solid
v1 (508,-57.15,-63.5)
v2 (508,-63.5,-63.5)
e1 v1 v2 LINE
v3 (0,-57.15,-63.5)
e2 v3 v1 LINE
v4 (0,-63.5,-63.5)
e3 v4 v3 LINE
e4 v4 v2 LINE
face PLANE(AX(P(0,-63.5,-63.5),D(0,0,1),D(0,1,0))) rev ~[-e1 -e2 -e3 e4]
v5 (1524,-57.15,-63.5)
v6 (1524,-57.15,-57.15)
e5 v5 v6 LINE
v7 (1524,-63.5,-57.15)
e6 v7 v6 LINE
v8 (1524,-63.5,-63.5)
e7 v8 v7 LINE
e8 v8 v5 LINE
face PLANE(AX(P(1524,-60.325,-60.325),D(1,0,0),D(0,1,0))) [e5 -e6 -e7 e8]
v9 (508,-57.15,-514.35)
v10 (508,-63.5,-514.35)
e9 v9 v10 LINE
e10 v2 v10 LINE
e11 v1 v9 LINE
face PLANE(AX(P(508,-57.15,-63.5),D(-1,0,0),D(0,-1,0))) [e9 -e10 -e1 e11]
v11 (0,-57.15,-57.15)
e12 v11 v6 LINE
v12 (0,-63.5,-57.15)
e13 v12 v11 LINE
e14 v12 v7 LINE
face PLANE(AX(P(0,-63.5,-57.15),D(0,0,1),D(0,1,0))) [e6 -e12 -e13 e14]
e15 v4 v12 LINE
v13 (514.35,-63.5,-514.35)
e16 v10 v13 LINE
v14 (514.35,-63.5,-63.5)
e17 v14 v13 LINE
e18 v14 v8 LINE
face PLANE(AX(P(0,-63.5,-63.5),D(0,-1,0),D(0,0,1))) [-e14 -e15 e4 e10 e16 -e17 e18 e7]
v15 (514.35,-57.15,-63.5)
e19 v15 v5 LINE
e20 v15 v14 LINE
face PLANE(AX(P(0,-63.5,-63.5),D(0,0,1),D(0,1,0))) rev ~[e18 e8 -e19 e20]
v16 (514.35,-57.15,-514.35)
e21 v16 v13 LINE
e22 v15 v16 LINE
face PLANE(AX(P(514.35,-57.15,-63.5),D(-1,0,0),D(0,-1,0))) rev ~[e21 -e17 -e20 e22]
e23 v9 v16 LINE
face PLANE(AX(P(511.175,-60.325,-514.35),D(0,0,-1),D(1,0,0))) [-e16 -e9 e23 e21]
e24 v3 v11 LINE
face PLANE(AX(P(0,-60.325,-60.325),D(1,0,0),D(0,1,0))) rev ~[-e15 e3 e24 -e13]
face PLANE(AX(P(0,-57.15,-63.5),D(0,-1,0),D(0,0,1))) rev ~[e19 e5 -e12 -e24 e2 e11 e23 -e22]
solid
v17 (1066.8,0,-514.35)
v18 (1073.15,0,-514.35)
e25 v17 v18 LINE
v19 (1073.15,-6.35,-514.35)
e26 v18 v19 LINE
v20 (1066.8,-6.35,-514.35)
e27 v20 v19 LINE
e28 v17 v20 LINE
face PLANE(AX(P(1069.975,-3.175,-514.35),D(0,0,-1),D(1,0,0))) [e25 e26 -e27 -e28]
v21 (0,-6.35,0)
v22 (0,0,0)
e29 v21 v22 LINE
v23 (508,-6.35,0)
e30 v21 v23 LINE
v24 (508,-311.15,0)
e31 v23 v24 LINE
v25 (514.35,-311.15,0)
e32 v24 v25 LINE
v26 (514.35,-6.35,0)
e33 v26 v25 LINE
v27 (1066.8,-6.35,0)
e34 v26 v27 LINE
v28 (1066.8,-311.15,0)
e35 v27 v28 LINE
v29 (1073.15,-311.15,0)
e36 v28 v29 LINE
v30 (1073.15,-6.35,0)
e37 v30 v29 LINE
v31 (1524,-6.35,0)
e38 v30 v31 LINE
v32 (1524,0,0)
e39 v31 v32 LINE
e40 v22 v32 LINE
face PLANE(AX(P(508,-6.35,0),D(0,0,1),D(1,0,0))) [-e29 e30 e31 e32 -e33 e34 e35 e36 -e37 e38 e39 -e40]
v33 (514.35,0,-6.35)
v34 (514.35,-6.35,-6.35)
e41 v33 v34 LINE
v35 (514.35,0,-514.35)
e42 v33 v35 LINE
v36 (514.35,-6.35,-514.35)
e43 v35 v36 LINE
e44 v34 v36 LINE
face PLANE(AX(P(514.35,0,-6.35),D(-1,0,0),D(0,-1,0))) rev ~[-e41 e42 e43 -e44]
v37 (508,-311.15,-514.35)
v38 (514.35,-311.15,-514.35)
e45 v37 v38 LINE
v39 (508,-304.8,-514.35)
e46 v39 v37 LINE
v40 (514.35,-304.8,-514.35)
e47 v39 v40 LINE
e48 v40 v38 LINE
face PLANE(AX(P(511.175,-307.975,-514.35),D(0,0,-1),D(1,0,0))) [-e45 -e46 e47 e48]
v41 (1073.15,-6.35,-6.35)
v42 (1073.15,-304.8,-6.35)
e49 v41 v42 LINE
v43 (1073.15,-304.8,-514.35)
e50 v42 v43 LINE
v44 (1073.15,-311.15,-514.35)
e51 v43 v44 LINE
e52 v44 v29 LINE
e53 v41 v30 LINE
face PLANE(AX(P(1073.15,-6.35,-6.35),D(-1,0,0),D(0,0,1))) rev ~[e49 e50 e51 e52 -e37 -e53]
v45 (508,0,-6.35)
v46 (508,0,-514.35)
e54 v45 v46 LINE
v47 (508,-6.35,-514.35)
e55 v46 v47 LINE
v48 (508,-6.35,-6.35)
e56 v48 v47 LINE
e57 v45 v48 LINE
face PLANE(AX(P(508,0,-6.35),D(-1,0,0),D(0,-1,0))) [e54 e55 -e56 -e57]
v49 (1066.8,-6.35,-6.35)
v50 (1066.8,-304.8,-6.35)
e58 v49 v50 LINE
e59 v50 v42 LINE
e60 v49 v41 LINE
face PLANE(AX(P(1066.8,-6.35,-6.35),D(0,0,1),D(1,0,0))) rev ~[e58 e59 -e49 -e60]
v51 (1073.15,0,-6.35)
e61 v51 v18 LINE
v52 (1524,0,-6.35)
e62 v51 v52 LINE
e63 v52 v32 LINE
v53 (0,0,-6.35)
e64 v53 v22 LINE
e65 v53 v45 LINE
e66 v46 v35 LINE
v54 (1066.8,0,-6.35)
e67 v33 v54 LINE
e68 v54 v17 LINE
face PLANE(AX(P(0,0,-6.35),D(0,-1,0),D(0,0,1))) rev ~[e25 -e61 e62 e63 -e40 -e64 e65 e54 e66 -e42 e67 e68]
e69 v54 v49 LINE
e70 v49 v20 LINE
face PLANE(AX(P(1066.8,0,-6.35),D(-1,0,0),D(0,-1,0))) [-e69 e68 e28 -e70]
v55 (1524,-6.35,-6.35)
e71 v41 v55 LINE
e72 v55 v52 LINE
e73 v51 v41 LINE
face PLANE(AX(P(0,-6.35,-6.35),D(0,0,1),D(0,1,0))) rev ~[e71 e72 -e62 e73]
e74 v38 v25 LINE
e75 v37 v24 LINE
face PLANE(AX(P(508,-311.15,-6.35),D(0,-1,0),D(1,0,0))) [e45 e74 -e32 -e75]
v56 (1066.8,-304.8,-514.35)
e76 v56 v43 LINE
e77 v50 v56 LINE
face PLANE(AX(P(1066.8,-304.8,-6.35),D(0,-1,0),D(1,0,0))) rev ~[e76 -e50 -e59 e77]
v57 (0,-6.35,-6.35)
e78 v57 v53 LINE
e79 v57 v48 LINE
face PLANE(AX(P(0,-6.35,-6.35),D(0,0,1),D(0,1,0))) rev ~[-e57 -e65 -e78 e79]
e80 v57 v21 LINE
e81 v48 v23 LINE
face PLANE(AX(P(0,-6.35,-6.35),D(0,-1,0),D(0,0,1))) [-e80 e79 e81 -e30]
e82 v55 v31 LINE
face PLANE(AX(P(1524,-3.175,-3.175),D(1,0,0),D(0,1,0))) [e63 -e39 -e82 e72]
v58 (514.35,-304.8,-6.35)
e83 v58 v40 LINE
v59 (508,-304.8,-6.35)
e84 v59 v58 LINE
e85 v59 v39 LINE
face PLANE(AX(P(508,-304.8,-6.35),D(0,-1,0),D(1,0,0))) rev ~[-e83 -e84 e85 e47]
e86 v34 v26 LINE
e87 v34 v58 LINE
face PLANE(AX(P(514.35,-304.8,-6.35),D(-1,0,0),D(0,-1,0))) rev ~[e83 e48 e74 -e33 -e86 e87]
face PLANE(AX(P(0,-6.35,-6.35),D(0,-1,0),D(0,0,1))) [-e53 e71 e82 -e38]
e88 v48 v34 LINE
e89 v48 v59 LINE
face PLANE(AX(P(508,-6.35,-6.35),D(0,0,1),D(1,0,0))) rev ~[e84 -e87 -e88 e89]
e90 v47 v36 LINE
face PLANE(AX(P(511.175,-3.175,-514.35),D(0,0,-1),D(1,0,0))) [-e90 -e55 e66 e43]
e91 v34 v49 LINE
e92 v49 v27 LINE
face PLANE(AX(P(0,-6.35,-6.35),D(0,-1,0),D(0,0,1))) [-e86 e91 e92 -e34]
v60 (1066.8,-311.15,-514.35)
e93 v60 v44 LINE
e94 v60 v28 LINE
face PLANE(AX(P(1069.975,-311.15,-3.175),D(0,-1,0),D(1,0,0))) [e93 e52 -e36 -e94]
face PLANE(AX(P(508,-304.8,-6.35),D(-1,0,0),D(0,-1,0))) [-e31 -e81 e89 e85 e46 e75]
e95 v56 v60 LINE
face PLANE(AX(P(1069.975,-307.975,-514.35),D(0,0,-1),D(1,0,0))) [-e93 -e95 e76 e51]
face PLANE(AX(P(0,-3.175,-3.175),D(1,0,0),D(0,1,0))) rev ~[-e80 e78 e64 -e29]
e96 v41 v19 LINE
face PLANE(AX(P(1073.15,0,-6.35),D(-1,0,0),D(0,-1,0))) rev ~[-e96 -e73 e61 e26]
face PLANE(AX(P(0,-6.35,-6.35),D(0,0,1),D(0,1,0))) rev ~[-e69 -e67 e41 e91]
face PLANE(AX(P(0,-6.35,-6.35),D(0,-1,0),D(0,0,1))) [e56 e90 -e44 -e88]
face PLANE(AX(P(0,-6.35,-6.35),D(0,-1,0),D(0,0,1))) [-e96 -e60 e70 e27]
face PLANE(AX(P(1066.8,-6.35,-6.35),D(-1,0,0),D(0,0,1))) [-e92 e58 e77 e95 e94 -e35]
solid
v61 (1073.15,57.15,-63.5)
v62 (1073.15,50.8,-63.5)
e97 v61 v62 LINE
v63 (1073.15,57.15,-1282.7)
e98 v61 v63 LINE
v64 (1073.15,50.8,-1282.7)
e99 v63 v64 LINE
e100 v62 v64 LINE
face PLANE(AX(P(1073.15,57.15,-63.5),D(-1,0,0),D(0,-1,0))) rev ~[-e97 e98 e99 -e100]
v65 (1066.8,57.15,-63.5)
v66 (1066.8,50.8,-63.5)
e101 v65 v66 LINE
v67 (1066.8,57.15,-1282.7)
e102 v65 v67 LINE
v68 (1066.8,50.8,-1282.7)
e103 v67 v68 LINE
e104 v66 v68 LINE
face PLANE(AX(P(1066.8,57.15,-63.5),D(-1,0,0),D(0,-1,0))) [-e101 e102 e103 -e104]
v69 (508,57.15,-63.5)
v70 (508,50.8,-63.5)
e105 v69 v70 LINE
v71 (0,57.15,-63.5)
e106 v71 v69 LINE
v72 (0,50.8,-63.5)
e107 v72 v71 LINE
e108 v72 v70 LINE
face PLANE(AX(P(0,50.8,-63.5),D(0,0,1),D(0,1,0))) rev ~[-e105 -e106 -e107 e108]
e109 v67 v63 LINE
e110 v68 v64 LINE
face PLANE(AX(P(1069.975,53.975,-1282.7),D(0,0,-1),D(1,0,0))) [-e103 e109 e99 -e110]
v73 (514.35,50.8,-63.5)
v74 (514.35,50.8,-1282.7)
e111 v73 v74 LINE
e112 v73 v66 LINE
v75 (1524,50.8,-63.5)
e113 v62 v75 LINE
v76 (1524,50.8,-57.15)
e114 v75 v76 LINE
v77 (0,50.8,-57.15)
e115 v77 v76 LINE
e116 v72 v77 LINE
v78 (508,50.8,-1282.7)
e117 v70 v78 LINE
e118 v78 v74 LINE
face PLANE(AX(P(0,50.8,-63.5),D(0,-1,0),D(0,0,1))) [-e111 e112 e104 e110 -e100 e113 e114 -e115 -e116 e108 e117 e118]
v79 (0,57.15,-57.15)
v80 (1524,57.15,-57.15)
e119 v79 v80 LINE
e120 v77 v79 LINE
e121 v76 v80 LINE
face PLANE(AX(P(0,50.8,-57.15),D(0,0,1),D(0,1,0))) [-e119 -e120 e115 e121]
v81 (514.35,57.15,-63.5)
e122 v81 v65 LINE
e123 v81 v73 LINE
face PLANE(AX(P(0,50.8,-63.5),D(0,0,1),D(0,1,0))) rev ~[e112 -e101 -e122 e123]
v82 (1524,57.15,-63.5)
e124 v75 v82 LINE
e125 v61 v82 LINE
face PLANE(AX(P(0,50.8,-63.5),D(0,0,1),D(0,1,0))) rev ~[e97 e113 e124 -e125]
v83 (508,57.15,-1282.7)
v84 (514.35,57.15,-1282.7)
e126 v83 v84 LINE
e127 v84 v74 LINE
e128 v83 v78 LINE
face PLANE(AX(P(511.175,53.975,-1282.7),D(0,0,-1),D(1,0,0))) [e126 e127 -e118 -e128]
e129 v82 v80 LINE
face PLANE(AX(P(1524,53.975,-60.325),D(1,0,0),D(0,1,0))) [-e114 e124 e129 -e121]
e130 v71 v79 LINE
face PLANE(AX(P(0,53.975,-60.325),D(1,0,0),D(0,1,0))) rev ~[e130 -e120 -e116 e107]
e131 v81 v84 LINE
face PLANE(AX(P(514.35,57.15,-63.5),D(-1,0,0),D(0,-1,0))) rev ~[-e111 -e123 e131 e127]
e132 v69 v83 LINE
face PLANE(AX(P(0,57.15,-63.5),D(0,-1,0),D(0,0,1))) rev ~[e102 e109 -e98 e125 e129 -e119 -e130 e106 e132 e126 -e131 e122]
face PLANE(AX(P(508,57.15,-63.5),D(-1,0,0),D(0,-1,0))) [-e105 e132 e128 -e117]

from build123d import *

# Parameters (mm, degrees)
F0_W      = 6.35
F0_H      = 6.35
F1_DEPTH  = 1524
F2_W      = 6.35
F2_H      = 6.35
F3_DEPTH  = 508
F4_W      = 6.35
F4_H      = 6.35
F5_DEPTH  = 304.8
F6_W      = 6.35
F6_H      = 6.35
F7_DEPTH  = 508
F8_W      = 6.35
F8_H      = 6.35
F9_DEPTH  = 1524
F10_W     = 6.35
F10_H     = 6.35
F11_DEPTH = 450.85
F12_W     = 6.35
F12_H     = 6.35
F13_DEPTH = 1524
F14_W     = 6.35
F14_H     = 6.35
F15_DEPTH = 1219.2


with BuildPart() as f1:
    # F0 (on Right) → F1 (new body)
    with BuildSketch(Plane.YZ):
        with Locations((-3.175, -3.175)):
            Rectangle(F0_W, F0_H)
    extrude(amount=F1_DEPTH)

    # F2 (on face) → F3 (join)
    with BuildSketch(Plane(origin=(0, 0, -6.35), x_dir=(1, 0, 0), z_dir=(0, 0, -1))):
        with Locations((511.175, 3.175)):
            Rectangle(F2_W, F2_H)
        with Locations((1069.975, 3.175)):
            Rectangle(F2_W, F2_H)
    extrude(amount=F3_DEPTH)

    # F4 (on face) → F5 (join)
    with BuildSketch(Plane.XZ.offset(6.35)):
        with Locations((511.175, -3.175)):
            Rectangle(F4_W, F4_H)
        with Locations((1069.975, -3.175)):
            Rectangle(F4_W, F4_H)
    extrude(amount=F5_DEPTH)

    # F6 (on face) → F7 (join, through all)
    with BuildSketch(Plane(origin=(0, 0, -6.35), x_dir=(1, 0, 0), z_dir=(0, 0, -1))):
        with Locations((511.175, 307.975)):
            Rectangle(F6_W, F6_H)
        with Locations((1069.975, 307.975)):
            Rectangle(F6_W, F6_H)
    extrude(amount=F7_DEPTH)


with BuildPart() as f9:
    # F8 (on Right) → F9 (new body, through all)
    with BuildSketch(Plane.YZ):
        with Locations((-60.325, -60.325)):
            Rectangle(F8_W, F8_H)
    extrude(amount=F9_DEPTH)

    # F10 (on face) → F11 (join, through all)
    with BuildSketch(Plane(origin=(0, 0, -63.5), x_dir=(1, 0, 0), z_dir=(0, 0, -1))):
        with Locations((511.175, 60.325)):
            Rectangle(F10_W, F10_H)
    extrude(amount=F11_DEPTH)


with BuildPart() as f13:
    # F12 (on Right) → F13 (new body, through all)
    with BuildSketch(Plane.YZ):
        with Locations((53.975, -60.325)):
            Rectangle(F12_W, F12_H)
    extrude(amount=F13_DEPTH)

    # F14 (on face) → F15 (join)
    with BuildSketch(Plane(origin=(0, 0, -63.5), x_dir=(1, 0, 0), z_dir=(0, 0, -1))):
        with Locations((511.175, -53.975)):
            Rectangle(F14_W, F14_H)
        with Locations((1069.975, -53.975)):
            Rectangle(F14_W, F14_H)
    extrude(amount=F15_DEPTH)


solid = Compound([f1.part, f9.part, f13.part])
